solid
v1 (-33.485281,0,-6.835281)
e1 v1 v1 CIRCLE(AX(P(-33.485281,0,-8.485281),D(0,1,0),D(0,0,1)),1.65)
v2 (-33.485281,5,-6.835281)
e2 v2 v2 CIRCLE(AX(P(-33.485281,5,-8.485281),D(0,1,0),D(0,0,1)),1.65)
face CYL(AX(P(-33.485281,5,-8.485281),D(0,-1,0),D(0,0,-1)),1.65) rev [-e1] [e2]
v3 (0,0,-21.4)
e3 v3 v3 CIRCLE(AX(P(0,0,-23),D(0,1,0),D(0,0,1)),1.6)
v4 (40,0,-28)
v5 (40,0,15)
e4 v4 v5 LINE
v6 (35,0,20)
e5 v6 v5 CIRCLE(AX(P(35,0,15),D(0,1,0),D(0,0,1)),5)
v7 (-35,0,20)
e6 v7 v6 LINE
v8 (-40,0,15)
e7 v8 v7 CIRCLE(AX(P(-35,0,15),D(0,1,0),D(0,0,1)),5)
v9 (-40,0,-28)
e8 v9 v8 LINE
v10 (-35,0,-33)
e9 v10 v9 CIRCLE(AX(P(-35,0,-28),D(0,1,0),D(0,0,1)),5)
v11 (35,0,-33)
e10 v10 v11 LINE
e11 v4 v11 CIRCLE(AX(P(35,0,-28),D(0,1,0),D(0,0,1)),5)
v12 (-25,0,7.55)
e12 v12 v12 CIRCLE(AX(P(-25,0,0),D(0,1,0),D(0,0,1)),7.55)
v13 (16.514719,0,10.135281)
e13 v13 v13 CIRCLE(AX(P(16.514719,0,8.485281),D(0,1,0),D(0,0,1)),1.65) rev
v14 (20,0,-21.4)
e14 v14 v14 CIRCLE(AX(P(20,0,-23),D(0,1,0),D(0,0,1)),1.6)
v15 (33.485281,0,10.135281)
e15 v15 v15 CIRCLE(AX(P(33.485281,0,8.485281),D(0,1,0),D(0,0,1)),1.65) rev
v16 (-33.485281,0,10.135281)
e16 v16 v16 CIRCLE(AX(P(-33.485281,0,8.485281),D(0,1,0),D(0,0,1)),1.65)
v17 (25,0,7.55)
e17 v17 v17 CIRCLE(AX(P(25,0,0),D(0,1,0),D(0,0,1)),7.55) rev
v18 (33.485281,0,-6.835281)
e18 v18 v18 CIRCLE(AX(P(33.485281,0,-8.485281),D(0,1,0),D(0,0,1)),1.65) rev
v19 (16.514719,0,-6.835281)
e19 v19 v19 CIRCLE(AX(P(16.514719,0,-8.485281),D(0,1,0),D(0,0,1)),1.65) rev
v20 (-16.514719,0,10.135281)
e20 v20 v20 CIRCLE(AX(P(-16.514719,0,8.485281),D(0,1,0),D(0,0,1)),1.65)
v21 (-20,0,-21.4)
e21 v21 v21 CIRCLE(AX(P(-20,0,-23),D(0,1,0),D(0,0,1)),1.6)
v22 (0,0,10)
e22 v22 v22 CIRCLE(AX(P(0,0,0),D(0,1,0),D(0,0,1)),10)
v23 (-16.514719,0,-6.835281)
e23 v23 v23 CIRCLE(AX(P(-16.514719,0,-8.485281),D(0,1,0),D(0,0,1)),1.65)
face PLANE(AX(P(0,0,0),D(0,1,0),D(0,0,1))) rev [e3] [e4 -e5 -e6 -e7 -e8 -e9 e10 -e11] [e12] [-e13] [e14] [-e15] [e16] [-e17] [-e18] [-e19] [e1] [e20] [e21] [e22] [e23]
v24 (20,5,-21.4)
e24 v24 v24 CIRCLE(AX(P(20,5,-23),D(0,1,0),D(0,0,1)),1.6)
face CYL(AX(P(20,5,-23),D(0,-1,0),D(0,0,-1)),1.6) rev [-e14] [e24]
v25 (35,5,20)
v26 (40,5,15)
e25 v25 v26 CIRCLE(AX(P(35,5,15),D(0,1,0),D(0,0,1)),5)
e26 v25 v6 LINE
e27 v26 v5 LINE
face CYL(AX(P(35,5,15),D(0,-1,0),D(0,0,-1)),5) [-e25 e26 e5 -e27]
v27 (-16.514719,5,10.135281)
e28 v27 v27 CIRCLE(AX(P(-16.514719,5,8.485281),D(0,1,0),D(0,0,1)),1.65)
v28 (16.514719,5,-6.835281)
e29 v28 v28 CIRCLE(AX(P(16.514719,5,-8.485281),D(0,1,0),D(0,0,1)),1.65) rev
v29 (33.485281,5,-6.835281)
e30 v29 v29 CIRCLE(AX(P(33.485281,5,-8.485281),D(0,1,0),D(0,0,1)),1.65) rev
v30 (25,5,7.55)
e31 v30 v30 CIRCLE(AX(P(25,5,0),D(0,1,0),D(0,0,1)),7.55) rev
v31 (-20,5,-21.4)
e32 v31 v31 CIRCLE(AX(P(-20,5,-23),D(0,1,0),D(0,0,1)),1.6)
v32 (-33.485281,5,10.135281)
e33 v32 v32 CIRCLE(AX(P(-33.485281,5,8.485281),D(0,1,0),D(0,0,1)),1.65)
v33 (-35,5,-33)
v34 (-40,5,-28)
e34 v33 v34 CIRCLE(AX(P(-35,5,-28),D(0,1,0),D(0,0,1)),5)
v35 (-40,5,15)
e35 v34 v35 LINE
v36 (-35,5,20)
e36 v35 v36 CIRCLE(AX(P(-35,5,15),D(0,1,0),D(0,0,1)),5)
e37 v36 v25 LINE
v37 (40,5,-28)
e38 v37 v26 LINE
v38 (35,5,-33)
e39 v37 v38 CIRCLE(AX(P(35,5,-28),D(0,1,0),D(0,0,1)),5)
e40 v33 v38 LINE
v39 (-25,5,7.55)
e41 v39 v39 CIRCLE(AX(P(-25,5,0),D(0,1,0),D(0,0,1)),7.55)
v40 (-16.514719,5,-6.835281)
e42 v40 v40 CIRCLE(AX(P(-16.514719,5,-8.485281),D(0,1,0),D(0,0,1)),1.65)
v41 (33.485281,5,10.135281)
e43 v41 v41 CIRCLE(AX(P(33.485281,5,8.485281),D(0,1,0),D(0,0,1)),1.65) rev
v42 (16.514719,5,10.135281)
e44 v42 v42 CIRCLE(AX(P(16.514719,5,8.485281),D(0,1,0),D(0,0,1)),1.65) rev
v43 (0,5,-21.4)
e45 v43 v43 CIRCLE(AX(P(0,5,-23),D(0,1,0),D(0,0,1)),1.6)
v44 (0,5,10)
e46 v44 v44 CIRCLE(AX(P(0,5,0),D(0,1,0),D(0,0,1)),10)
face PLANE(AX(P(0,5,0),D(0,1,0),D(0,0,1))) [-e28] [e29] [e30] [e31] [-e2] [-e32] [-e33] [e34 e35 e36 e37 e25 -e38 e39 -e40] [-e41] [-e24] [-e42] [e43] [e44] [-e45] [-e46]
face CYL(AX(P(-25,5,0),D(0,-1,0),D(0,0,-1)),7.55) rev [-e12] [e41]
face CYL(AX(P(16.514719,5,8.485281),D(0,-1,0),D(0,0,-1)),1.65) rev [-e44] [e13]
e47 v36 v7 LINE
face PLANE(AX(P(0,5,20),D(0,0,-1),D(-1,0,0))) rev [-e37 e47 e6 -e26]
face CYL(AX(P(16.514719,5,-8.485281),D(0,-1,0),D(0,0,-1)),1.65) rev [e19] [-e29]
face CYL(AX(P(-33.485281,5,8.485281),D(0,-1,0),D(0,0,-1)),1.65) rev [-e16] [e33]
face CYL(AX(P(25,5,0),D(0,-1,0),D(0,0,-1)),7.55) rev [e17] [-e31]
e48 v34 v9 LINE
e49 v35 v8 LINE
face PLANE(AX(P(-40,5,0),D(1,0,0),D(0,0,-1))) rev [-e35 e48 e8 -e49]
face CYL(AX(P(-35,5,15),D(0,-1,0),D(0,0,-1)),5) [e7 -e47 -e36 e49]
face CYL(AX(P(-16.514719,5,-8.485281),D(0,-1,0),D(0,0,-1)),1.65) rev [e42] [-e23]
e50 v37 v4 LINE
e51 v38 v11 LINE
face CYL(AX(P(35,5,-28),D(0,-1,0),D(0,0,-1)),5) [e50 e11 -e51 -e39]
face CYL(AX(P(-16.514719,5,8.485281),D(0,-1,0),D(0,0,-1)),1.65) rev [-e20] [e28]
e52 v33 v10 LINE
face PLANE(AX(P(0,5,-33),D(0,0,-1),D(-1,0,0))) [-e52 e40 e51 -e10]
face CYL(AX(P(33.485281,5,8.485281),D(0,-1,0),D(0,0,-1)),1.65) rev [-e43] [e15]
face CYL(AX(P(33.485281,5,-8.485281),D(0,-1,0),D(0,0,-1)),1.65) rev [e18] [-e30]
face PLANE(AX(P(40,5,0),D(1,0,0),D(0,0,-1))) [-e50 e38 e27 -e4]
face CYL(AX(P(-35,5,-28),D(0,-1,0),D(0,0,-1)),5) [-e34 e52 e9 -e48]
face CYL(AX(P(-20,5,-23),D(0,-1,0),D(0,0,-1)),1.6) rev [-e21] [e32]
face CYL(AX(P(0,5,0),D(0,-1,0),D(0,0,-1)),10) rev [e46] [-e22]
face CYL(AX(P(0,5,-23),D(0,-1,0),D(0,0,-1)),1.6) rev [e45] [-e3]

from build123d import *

# Parameters (mm, degrees)
SKETCH_1_R      = 10
SKETCH_1_R_2    = 7.55
SKETCH_1_R_3    = 1.65
SKETCH_1_R_4    = 1.6
EXTRUDE_1_DEPTH = 5


with BuildPart() as part:
    # 草图1 → 凸台-拉伸1 (new body)
    with BuildSketch(Plane(origin=(0, 0, 0), x_dir=(1, 0, 0), z_dir=(0, 1, 0))):
        with BuildLine():
            Line((-35, 33), (35, 33))
            ThreePointArc((35, 33), (38.535533906, 31.535533906), (40, 28))
            Line((40, 28), (40, -15))
            ThreePointArc((40, -15), (38.535533906, -18.535533906), (35, -20))
            Line((35, -20), (-35, -20))
            ThreePointArc((-35, -20), (-38.535533906, -18.535533906), (-40, -15))
            Line((-40, -15), (-40, 28))
            ThreePointArc((-40, 28), (-38.535533906, 31.535533906), (-35, 33))
        make_face()
        Circle(SKETCH_1_R, mode=Mode.SUBTRACT)
        with Locations((-25, 0)):
            Circle(SKETCH_1_R_2, mode=Mode.SUBTRACT)
        with Locations((-33.485281374, 8.485281374)):
            Circle(SKETCH_1_R_3, mode=Mode.SUBTRACT)
        with Locations((-16.514718626, 8.485281374)):
            Circle(SKETCH_1_R_3, mode=Mode.SUBTRACT)
        with Locations((-16.514718626, -8.485281374)):
            Circle(SKETCH_1_R_3, mode=Mode.SUBTRACT)
        with Locations((-33.485281374, -8.485281374)):
            Circle(SKETCH_1_R_3, mode=Mode.SUBTRACT)
        with Locations((25, 0)):
            Circle(SKETCH_1_R_2, mode=Mode.SUBTRACT)
        with Locations((16.514718626, 8.485281374)):
            Circle(SKETCH_1_R_3, mode=Mode.SUBTRACT)
        with Locations((16.514718626, -8.485281374)):
            Circle(SKETCH_1_R_3, mode=Mode.SUBTRACT)
        with Locations((33.485281374, -8.485281374)):
            Circle(SKETCH_1_R_3, mode=Mode.SUBTRACT)
        with Locations((33.485281374, 8.485281374)):
            Circle(SKETCH_1_R_3, mode=Mode.SUBTRACT)
        with Locations((-20, 23)):
            Circle(SKETCH_1_R_4, mode=Mode.SUBTRACT)
        with Locations((0, 23)):
            Circle(SKETCH_1_R_4, mode=Mode.SUBTRACT)
        with Locations((20, 23)):
            Circle(SKETCH_1_R_4, mode=Mode.SUBTRACT)
    extrude(amount=EXTRUDE_1_DEPTH)


solid = part.part
